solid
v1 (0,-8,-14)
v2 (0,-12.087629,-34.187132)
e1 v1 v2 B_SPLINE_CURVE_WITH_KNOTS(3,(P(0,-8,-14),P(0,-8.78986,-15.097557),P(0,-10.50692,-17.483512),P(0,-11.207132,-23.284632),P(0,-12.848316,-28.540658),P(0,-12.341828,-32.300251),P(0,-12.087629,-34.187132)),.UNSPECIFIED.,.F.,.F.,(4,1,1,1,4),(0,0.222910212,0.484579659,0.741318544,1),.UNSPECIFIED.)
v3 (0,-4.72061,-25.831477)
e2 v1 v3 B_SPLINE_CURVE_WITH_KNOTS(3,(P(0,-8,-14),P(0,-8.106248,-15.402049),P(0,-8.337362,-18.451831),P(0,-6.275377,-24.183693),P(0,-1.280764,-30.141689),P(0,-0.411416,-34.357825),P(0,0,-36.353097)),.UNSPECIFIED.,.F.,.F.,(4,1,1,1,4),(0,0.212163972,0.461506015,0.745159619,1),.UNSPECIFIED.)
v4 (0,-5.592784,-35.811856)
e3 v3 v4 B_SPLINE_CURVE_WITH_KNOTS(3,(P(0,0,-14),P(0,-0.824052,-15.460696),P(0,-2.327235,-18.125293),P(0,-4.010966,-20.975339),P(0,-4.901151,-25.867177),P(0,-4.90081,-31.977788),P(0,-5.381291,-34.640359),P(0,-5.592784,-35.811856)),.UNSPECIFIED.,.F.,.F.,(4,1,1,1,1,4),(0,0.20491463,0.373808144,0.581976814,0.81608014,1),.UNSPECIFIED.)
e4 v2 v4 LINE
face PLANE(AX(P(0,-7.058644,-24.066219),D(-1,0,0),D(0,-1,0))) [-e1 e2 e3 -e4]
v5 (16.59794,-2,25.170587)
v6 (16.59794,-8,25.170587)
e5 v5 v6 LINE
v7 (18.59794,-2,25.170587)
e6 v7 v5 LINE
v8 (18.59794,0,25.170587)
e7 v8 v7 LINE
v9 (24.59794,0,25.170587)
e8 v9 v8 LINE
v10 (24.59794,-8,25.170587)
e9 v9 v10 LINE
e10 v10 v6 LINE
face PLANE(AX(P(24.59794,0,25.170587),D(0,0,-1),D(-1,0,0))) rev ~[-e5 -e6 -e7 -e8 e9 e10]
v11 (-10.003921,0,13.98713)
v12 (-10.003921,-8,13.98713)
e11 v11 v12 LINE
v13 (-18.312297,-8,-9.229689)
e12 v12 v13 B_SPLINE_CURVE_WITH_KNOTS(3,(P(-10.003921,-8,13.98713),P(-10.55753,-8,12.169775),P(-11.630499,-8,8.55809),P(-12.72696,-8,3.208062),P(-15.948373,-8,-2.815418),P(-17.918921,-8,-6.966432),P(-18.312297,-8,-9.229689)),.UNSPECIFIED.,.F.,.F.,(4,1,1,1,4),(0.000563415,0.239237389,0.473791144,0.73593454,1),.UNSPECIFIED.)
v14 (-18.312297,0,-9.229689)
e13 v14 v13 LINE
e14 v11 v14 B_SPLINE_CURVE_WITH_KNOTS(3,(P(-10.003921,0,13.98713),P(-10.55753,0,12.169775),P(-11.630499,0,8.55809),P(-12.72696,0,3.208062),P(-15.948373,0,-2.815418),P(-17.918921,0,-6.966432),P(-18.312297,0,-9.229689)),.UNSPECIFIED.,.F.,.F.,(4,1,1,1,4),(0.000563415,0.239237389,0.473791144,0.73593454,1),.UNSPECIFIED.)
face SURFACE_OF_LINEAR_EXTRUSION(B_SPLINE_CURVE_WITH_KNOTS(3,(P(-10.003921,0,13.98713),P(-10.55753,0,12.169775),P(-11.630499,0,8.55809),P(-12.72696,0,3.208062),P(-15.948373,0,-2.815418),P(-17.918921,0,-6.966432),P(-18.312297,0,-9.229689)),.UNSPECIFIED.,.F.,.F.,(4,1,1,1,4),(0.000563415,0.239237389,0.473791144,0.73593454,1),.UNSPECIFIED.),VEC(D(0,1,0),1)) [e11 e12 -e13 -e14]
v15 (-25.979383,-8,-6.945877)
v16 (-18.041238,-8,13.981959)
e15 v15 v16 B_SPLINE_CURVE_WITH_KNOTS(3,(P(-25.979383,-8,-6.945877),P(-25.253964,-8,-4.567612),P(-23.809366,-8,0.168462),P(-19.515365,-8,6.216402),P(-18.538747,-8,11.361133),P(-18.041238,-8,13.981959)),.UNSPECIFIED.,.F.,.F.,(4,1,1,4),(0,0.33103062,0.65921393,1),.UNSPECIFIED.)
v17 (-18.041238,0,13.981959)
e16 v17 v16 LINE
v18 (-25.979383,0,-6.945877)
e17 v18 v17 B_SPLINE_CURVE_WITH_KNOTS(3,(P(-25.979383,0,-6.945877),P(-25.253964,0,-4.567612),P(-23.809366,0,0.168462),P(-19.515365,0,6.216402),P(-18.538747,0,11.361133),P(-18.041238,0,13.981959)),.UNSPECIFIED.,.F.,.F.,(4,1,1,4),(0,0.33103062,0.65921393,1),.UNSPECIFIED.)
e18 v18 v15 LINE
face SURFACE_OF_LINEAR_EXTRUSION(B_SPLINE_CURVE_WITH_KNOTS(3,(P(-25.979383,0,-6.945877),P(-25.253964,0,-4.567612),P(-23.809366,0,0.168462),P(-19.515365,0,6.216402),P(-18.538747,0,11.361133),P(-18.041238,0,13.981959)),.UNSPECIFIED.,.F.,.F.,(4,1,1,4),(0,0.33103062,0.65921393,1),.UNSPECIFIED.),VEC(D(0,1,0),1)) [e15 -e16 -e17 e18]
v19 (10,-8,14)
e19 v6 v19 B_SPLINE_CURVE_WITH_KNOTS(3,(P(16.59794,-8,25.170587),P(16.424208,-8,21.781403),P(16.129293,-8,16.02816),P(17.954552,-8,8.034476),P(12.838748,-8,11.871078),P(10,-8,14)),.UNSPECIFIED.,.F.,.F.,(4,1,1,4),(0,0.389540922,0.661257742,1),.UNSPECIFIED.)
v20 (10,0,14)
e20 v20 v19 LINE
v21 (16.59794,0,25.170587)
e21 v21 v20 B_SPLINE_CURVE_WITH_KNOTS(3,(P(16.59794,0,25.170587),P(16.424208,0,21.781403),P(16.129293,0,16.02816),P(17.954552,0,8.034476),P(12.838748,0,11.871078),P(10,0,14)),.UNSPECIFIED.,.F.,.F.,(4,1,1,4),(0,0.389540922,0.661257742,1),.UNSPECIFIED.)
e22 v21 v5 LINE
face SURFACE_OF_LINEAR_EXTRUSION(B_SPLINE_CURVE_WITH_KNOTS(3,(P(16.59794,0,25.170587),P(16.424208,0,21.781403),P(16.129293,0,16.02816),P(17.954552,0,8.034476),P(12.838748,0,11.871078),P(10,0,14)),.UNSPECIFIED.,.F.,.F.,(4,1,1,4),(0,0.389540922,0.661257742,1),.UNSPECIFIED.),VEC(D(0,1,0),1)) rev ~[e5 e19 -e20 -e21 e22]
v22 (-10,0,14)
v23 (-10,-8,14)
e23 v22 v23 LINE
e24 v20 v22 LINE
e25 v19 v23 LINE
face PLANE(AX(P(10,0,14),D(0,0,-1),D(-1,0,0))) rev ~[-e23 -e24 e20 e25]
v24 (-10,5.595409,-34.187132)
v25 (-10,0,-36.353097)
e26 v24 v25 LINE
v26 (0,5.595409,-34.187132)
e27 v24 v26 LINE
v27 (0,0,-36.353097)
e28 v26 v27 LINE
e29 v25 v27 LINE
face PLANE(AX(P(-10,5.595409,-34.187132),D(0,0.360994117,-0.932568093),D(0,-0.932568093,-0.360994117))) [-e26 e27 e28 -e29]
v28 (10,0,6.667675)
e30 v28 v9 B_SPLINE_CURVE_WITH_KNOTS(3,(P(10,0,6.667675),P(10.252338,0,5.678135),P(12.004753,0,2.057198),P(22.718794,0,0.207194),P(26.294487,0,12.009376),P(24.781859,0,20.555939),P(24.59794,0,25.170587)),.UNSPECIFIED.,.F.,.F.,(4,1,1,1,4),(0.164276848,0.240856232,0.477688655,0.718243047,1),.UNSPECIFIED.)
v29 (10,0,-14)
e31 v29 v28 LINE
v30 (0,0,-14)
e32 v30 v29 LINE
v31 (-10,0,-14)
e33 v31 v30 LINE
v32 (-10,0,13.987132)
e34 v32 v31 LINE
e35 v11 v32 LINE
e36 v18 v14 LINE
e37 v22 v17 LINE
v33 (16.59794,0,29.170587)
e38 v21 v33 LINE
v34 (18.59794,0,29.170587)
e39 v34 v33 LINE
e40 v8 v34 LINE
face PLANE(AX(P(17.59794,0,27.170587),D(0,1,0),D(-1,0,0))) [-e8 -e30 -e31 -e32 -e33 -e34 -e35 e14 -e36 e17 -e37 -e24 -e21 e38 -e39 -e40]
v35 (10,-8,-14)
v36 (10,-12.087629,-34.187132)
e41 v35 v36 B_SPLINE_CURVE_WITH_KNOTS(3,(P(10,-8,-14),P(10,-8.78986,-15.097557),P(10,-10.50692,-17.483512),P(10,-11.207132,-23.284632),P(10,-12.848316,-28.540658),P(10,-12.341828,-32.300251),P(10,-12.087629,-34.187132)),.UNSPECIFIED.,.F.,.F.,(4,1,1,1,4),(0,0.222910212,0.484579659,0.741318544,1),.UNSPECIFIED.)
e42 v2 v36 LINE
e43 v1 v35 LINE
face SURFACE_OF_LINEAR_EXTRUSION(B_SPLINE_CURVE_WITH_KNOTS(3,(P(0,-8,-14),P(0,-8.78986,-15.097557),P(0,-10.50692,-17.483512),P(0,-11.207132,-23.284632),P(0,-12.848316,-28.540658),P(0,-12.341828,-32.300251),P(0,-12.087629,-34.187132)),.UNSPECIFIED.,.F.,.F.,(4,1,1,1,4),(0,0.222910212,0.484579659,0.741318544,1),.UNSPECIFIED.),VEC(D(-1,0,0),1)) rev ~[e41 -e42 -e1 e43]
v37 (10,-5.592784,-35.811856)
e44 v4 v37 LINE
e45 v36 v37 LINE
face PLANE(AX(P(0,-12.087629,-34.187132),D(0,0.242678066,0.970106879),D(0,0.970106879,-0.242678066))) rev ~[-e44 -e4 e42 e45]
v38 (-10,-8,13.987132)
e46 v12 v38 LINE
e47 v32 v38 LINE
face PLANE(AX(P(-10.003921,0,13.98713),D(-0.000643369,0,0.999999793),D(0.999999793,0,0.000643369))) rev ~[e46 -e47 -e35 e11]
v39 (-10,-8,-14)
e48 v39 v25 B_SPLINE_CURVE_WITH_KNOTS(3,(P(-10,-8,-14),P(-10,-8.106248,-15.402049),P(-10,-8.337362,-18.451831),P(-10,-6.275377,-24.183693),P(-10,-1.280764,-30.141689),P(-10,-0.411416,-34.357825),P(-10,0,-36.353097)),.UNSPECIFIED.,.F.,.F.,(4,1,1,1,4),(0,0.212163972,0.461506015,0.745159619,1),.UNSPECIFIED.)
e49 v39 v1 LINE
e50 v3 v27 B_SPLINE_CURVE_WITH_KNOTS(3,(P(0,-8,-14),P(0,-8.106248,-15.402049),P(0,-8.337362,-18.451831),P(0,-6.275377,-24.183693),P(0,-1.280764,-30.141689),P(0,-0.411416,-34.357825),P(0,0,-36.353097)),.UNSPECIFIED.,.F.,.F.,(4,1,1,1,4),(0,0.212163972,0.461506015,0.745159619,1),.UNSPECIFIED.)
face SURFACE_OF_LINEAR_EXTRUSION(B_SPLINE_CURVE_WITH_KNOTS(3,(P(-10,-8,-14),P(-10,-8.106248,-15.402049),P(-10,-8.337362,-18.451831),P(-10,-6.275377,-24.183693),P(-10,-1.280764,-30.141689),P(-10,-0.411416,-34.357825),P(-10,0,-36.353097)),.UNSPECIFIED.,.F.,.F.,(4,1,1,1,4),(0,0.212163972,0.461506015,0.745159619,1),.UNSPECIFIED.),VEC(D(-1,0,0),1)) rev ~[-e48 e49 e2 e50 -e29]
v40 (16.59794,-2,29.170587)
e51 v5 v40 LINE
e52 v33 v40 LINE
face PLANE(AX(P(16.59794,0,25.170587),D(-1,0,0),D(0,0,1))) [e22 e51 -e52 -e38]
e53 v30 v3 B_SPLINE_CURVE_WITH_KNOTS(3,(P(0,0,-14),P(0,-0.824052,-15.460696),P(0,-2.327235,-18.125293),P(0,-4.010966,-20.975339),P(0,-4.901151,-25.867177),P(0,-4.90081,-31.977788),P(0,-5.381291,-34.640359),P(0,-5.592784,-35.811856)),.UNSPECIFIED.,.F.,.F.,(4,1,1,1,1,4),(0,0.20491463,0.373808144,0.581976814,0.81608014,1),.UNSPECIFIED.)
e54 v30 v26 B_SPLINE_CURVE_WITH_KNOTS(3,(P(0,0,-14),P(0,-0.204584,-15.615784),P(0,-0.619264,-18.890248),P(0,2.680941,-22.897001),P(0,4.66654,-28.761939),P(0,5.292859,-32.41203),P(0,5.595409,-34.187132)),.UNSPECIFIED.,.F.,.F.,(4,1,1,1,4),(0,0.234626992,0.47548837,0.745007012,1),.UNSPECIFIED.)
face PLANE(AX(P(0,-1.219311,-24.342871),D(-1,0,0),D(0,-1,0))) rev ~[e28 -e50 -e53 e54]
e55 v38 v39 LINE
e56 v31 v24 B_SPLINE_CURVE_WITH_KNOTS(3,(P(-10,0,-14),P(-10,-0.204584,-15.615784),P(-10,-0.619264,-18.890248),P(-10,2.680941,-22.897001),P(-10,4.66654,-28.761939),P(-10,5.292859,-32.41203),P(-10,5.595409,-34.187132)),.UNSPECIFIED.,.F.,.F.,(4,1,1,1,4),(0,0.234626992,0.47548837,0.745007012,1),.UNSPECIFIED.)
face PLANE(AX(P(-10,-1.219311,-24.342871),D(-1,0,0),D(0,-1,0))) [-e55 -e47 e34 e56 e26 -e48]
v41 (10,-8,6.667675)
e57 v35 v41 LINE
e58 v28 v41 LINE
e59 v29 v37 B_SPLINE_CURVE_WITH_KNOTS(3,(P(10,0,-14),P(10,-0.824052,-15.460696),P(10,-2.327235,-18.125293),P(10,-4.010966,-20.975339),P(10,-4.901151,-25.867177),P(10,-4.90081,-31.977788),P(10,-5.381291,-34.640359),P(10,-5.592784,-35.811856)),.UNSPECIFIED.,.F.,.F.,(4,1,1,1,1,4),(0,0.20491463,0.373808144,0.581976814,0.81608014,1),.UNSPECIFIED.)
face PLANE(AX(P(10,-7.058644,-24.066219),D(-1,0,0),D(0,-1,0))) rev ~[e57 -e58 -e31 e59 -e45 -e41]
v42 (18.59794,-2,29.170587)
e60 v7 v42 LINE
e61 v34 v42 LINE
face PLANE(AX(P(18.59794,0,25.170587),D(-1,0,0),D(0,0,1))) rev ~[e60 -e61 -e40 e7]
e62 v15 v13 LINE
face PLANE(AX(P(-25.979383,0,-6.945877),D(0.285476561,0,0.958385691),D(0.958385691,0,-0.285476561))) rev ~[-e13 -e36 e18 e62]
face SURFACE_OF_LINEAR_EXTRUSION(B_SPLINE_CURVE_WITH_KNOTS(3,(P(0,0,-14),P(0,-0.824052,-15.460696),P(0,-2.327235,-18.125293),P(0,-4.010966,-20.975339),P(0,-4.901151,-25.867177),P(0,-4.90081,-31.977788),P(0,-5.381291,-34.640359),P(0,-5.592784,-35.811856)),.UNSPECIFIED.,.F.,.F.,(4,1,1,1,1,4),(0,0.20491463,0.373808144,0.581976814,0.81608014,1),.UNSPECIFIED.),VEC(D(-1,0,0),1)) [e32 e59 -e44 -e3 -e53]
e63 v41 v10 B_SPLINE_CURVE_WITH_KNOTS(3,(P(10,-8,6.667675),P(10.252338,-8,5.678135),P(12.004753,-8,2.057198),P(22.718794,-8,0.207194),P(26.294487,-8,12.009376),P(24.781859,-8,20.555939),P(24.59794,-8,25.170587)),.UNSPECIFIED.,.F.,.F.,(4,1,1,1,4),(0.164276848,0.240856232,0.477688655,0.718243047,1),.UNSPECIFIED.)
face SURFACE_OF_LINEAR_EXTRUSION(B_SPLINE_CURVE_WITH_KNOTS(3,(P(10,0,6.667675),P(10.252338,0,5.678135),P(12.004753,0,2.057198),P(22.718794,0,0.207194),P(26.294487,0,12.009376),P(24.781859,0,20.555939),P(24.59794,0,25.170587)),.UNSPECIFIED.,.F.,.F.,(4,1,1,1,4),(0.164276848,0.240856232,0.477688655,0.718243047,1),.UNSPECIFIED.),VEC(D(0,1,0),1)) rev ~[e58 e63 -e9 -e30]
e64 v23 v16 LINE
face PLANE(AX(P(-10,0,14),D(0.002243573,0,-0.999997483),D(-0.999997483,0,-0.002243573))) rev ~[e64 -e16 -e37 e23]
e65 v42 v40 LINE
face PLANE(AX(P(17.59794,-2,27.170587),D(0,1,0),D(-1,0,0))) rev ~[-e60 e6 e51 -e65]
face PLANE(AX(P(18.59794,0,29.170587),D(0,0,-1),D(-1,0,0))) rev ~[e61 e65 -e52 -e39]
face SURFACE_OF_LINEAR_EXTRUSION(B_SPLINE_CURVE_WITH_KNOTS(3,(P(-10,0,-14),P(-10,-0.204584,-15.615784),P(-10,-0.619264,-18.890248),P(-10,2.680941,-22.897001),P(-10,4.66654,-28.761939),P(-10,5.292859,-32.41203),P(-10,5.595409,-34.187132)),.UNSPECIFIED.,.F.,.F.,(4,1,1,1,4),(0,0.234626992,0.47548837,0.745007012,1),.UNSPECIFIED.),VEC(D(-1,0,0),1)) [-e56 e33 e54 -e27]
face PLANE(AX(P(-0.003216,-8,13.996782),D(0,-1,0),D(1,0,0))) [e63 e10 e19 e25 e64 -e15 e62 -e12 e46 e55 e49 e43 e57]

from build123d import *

# Parameters (mm, degrees)
F1_DEPTH = 8
F3_DEPTH = 10
F5_DEPTH = 10
F6_W     = 2
F6_H     = 4
F7_DEPTH = 2


with BuildPart() as f1:
    # F0 (on Front) → F1 (new body)
    with BuildSketch(Plane.XZ):
        Polygon((10, 14), (-10, 14), (-10, 13.9871324164), align=None)
        with BuildLine():
            Line((-10, 13.9871324164), (-10, 14))
            add(Edge.make_bspline(
                [(-10, 14), (-10.0013069916, 13.9957099885), (-10.0026139149, 13.9914199529), (-10.0039207687, 13.9871298939)],
                knots=[0, 0, 0, 0, 0.0005634153, 0.0005634153, 0.0005634153, 0.0005634153], degree=3))
            Line((-10.0039207687, 13.9871298939), (-10, 13.9871324164))
        make_face()
        with BuildLine():
            add(Edge.make_bspline(
                [(-10, 14), (-10.0013069916, 13.9957099885), (-10.0026139149, 13.9914199529), (-10.0039207687, 13.9871298939)],
                knots=[0, 0, 0, 0, 0.0005634153, 0.0005634153, 0.0005634153, 0.0005634153], degree=3))
            Line((-10, 14), (-18.0412381887, 13.9819588512))
            Line((-18.0412381887, 13.9819588512), (-10.0039207687, 13.9871298939))
        make_face()
        with BuildLine():
            add(Edge.make_bspline(
                [(16.5979396552, 25.1705870032), (16.4242079195, 21.7814034546), (16.1292929338, 16.0281597324), (17.954552315, 8.034475712), (12.8387475955, 11.8710784645), (10, 14)],
                knots=[0, 0, 0, 0, 0.3895409215, 0.6612577422, 1, 1, 1, 1], degree=3))
            Line((10, 14), (10, 6.6676748447))
            add(Edge.make_bspline(
                [(10, 6.6676748447), (10.2523378817, 5.6781345951), (12.0047533576, 2.0571975496), (22.7187939676, 0.2071940627), (26.2944872886, 12.0093761919), (24.7818586393, 20.5559387988), (24.5979396552, 25.1705870032)],
                knots=[0.1642768485, 0.1642768485, 0.1642768485, 0.1642768485, 0.2408562316, 0.4776886549, 0.7182430468, 1, 1, 1, 1], degree=3))
            Line((24.5979396552, 25.1705870032), (16.5979396552, 25.1705870032))
        make_face()
        with BuildLine():
            Line((10, 6.6676748447), (10, 14))
            add(Edge.make_bspline(
                [(10, 14), (9.7266030818, 11.3954202783), (9.4586888759, 8.790420511), (10, 6.6676748447)],
                knots=[0, 0, 0, 0, 0.1642768485, 0.1642768485, 0.1642768485, 0.1642768485], degree=3))
        make_face()
        with BuildLine():
            add(Edge.make_bspline(
                [(10, 14), (9.7266030818, 11.3954202783), (9.4586888759, 8.790420511), (10, 6.6676748447)],
                knots=[0, 0, 0, 0, 0.1642768485, 0.1642768485, 0.1642768485, 0.1642768485], degree=3))
            Line((10, 14), (-10, 13.9871324164))
            Line((-10, 13.9871324164), (-10, -14))
            Line((-10, -14), (10, -14))
            Line((10, -14), (10, 6.6676748447))
        make_face()
        with BuildLine():
            add(Edge.make_bspline(
                [(-10.0039207687, 13.9871298939), (-10.557530177, 12.1697751658), (-11.6304994418, 8.5580895587), (-12.7269597722, 3.2080619518), (-15.9483733573, -2.8154175848), (-17.9189211947, -6.9664320189), (-18.3122973873, -9.2296893574)],
                knots=[0.0005634153, 0.0005634153, 0.0005634153, 0.0005634153, 0.2392373891, 0.4737911443, 0.7359345398, 1, 1, 1, 1], degree=3))
            Line((-10.0039207687, 13.9871298939), (-18.0412381887, 13.9819588512))
            add(Edge.make_bspline(
                [(-25.9793829173, -6.9458768703), (-25.2539642188, -4.5676118012), (-23.8093664017, 0.1684620471), (-19.5153648693, 6.2164021065), (-18.5387466084, 11.3611326258), (-18.0412381887, 13.9819588512)],
                knots=[0, 0, 0, 0, 0.3310306201, 0.65921393, 1, 1, 1, 1], degree=3))
            Line((-25.9793829173, -6.9458768703), (-18.3122973873, -9.2296893574))
        make_face()
    extrude(amount=F1_DEPTH)

    # F2 (on face) → F3 (join)
    with BuildSketch(Plane(origin=(-10, 0, 0), x_dir=(0, -1, 0), z_dir=(-1, 0, 0))):
        with BuildLine():
            Line((8, -14), (0, -14))
            add(Edge.make_bspline(
                [(0, -14), (0.2045836759, -15.6157837158), (0.6192637374, -18.8902476344), (-2.6809411284, -22.8970011823), (-4.6665400492, -28.7619394429), (-5.2928585425, -32.41202967), (-5.5954085566, -34.1871318147)],
                knots=[0, 0, 0, 0, 0.2346269916, 0.4754883695, 0.745007012, 1, 1, 1, 1], degree=3))
            Line((-5.5954085566, -34.1871318147), (0, -36.3530965155))
            add(Edge.make_bspline(
                [(8, -14), (8.1062479665, -15.4020488735), (8.3373620016, -18.4518314863), (6.2753772925, -24.1836933573), (1.2807636539, -30.1416891817), (0.4114158447, -34.3578251248), (0, -36.3530965155)],
                knots=[0, 0, 0, 0, 0.2121639716, 0.4615060148, 0.7451596188, 1, 1, 1, 1], degree=3))
        make_face()
    extrude(amount=-F3_DEPTH)

    # F4 (on face) → F5 (join)
    with BuildSketch(Plane.YZ):
        with BuildLine():
            add(Edge.make_bspline(
                [(0, -14), (-0.8240515576, -15.4606959655), (-2.3272345442, -18.1252934548), (-4.0109662696, -20.975339063), (-4.9011507822, -25.8671770363), (-4.9008100664, -31.9777881879), (-5.3812911094, -34.640359184), (-5.592783913, -35.811856389)],
                knots=[0, 0, 0, 0, 0.2049146304, 0.3738081441, 0.5819768139, 0.8160801398, 1, 1, 1, 1], degree=3))
            Line((0, -14), (-8, -14))
            add(Edge.make_bspline(
                [(-8, -14), (-8.789860184, -15.0975567751), (-10.5069200527, -17.4835115686), (-11.2071319942, -23.284631647), (-12.8483158405, -28.5406582263), (-12.3418277002, -32.3002507673), (-12.0876291767, -34.1871318147)],
                knots=[0, 0, 0, 0, 0.2229102117, 0.4845796593, 0.741318544, 1, 1, 1, 1], degree=3))
            Line((-12.0876291767, -34.1871318147), (-5.592783913, -35.811856389))
        make_face()
    extrude(amount=F5_DEPTH)

    # F6 (on face) → F7 (join)
    with BuildSketch(Plane(origin=(0, 0, 0), x_dir=(-1, 0, 0), z_dir=(0, 1, 0))):
        with Locations((-17.5979396552, 27.1705870032)):
            Rectangle(F6_W, F6_H)
    extrude(amount=-F7_DEPTH)


solid = f1.part
